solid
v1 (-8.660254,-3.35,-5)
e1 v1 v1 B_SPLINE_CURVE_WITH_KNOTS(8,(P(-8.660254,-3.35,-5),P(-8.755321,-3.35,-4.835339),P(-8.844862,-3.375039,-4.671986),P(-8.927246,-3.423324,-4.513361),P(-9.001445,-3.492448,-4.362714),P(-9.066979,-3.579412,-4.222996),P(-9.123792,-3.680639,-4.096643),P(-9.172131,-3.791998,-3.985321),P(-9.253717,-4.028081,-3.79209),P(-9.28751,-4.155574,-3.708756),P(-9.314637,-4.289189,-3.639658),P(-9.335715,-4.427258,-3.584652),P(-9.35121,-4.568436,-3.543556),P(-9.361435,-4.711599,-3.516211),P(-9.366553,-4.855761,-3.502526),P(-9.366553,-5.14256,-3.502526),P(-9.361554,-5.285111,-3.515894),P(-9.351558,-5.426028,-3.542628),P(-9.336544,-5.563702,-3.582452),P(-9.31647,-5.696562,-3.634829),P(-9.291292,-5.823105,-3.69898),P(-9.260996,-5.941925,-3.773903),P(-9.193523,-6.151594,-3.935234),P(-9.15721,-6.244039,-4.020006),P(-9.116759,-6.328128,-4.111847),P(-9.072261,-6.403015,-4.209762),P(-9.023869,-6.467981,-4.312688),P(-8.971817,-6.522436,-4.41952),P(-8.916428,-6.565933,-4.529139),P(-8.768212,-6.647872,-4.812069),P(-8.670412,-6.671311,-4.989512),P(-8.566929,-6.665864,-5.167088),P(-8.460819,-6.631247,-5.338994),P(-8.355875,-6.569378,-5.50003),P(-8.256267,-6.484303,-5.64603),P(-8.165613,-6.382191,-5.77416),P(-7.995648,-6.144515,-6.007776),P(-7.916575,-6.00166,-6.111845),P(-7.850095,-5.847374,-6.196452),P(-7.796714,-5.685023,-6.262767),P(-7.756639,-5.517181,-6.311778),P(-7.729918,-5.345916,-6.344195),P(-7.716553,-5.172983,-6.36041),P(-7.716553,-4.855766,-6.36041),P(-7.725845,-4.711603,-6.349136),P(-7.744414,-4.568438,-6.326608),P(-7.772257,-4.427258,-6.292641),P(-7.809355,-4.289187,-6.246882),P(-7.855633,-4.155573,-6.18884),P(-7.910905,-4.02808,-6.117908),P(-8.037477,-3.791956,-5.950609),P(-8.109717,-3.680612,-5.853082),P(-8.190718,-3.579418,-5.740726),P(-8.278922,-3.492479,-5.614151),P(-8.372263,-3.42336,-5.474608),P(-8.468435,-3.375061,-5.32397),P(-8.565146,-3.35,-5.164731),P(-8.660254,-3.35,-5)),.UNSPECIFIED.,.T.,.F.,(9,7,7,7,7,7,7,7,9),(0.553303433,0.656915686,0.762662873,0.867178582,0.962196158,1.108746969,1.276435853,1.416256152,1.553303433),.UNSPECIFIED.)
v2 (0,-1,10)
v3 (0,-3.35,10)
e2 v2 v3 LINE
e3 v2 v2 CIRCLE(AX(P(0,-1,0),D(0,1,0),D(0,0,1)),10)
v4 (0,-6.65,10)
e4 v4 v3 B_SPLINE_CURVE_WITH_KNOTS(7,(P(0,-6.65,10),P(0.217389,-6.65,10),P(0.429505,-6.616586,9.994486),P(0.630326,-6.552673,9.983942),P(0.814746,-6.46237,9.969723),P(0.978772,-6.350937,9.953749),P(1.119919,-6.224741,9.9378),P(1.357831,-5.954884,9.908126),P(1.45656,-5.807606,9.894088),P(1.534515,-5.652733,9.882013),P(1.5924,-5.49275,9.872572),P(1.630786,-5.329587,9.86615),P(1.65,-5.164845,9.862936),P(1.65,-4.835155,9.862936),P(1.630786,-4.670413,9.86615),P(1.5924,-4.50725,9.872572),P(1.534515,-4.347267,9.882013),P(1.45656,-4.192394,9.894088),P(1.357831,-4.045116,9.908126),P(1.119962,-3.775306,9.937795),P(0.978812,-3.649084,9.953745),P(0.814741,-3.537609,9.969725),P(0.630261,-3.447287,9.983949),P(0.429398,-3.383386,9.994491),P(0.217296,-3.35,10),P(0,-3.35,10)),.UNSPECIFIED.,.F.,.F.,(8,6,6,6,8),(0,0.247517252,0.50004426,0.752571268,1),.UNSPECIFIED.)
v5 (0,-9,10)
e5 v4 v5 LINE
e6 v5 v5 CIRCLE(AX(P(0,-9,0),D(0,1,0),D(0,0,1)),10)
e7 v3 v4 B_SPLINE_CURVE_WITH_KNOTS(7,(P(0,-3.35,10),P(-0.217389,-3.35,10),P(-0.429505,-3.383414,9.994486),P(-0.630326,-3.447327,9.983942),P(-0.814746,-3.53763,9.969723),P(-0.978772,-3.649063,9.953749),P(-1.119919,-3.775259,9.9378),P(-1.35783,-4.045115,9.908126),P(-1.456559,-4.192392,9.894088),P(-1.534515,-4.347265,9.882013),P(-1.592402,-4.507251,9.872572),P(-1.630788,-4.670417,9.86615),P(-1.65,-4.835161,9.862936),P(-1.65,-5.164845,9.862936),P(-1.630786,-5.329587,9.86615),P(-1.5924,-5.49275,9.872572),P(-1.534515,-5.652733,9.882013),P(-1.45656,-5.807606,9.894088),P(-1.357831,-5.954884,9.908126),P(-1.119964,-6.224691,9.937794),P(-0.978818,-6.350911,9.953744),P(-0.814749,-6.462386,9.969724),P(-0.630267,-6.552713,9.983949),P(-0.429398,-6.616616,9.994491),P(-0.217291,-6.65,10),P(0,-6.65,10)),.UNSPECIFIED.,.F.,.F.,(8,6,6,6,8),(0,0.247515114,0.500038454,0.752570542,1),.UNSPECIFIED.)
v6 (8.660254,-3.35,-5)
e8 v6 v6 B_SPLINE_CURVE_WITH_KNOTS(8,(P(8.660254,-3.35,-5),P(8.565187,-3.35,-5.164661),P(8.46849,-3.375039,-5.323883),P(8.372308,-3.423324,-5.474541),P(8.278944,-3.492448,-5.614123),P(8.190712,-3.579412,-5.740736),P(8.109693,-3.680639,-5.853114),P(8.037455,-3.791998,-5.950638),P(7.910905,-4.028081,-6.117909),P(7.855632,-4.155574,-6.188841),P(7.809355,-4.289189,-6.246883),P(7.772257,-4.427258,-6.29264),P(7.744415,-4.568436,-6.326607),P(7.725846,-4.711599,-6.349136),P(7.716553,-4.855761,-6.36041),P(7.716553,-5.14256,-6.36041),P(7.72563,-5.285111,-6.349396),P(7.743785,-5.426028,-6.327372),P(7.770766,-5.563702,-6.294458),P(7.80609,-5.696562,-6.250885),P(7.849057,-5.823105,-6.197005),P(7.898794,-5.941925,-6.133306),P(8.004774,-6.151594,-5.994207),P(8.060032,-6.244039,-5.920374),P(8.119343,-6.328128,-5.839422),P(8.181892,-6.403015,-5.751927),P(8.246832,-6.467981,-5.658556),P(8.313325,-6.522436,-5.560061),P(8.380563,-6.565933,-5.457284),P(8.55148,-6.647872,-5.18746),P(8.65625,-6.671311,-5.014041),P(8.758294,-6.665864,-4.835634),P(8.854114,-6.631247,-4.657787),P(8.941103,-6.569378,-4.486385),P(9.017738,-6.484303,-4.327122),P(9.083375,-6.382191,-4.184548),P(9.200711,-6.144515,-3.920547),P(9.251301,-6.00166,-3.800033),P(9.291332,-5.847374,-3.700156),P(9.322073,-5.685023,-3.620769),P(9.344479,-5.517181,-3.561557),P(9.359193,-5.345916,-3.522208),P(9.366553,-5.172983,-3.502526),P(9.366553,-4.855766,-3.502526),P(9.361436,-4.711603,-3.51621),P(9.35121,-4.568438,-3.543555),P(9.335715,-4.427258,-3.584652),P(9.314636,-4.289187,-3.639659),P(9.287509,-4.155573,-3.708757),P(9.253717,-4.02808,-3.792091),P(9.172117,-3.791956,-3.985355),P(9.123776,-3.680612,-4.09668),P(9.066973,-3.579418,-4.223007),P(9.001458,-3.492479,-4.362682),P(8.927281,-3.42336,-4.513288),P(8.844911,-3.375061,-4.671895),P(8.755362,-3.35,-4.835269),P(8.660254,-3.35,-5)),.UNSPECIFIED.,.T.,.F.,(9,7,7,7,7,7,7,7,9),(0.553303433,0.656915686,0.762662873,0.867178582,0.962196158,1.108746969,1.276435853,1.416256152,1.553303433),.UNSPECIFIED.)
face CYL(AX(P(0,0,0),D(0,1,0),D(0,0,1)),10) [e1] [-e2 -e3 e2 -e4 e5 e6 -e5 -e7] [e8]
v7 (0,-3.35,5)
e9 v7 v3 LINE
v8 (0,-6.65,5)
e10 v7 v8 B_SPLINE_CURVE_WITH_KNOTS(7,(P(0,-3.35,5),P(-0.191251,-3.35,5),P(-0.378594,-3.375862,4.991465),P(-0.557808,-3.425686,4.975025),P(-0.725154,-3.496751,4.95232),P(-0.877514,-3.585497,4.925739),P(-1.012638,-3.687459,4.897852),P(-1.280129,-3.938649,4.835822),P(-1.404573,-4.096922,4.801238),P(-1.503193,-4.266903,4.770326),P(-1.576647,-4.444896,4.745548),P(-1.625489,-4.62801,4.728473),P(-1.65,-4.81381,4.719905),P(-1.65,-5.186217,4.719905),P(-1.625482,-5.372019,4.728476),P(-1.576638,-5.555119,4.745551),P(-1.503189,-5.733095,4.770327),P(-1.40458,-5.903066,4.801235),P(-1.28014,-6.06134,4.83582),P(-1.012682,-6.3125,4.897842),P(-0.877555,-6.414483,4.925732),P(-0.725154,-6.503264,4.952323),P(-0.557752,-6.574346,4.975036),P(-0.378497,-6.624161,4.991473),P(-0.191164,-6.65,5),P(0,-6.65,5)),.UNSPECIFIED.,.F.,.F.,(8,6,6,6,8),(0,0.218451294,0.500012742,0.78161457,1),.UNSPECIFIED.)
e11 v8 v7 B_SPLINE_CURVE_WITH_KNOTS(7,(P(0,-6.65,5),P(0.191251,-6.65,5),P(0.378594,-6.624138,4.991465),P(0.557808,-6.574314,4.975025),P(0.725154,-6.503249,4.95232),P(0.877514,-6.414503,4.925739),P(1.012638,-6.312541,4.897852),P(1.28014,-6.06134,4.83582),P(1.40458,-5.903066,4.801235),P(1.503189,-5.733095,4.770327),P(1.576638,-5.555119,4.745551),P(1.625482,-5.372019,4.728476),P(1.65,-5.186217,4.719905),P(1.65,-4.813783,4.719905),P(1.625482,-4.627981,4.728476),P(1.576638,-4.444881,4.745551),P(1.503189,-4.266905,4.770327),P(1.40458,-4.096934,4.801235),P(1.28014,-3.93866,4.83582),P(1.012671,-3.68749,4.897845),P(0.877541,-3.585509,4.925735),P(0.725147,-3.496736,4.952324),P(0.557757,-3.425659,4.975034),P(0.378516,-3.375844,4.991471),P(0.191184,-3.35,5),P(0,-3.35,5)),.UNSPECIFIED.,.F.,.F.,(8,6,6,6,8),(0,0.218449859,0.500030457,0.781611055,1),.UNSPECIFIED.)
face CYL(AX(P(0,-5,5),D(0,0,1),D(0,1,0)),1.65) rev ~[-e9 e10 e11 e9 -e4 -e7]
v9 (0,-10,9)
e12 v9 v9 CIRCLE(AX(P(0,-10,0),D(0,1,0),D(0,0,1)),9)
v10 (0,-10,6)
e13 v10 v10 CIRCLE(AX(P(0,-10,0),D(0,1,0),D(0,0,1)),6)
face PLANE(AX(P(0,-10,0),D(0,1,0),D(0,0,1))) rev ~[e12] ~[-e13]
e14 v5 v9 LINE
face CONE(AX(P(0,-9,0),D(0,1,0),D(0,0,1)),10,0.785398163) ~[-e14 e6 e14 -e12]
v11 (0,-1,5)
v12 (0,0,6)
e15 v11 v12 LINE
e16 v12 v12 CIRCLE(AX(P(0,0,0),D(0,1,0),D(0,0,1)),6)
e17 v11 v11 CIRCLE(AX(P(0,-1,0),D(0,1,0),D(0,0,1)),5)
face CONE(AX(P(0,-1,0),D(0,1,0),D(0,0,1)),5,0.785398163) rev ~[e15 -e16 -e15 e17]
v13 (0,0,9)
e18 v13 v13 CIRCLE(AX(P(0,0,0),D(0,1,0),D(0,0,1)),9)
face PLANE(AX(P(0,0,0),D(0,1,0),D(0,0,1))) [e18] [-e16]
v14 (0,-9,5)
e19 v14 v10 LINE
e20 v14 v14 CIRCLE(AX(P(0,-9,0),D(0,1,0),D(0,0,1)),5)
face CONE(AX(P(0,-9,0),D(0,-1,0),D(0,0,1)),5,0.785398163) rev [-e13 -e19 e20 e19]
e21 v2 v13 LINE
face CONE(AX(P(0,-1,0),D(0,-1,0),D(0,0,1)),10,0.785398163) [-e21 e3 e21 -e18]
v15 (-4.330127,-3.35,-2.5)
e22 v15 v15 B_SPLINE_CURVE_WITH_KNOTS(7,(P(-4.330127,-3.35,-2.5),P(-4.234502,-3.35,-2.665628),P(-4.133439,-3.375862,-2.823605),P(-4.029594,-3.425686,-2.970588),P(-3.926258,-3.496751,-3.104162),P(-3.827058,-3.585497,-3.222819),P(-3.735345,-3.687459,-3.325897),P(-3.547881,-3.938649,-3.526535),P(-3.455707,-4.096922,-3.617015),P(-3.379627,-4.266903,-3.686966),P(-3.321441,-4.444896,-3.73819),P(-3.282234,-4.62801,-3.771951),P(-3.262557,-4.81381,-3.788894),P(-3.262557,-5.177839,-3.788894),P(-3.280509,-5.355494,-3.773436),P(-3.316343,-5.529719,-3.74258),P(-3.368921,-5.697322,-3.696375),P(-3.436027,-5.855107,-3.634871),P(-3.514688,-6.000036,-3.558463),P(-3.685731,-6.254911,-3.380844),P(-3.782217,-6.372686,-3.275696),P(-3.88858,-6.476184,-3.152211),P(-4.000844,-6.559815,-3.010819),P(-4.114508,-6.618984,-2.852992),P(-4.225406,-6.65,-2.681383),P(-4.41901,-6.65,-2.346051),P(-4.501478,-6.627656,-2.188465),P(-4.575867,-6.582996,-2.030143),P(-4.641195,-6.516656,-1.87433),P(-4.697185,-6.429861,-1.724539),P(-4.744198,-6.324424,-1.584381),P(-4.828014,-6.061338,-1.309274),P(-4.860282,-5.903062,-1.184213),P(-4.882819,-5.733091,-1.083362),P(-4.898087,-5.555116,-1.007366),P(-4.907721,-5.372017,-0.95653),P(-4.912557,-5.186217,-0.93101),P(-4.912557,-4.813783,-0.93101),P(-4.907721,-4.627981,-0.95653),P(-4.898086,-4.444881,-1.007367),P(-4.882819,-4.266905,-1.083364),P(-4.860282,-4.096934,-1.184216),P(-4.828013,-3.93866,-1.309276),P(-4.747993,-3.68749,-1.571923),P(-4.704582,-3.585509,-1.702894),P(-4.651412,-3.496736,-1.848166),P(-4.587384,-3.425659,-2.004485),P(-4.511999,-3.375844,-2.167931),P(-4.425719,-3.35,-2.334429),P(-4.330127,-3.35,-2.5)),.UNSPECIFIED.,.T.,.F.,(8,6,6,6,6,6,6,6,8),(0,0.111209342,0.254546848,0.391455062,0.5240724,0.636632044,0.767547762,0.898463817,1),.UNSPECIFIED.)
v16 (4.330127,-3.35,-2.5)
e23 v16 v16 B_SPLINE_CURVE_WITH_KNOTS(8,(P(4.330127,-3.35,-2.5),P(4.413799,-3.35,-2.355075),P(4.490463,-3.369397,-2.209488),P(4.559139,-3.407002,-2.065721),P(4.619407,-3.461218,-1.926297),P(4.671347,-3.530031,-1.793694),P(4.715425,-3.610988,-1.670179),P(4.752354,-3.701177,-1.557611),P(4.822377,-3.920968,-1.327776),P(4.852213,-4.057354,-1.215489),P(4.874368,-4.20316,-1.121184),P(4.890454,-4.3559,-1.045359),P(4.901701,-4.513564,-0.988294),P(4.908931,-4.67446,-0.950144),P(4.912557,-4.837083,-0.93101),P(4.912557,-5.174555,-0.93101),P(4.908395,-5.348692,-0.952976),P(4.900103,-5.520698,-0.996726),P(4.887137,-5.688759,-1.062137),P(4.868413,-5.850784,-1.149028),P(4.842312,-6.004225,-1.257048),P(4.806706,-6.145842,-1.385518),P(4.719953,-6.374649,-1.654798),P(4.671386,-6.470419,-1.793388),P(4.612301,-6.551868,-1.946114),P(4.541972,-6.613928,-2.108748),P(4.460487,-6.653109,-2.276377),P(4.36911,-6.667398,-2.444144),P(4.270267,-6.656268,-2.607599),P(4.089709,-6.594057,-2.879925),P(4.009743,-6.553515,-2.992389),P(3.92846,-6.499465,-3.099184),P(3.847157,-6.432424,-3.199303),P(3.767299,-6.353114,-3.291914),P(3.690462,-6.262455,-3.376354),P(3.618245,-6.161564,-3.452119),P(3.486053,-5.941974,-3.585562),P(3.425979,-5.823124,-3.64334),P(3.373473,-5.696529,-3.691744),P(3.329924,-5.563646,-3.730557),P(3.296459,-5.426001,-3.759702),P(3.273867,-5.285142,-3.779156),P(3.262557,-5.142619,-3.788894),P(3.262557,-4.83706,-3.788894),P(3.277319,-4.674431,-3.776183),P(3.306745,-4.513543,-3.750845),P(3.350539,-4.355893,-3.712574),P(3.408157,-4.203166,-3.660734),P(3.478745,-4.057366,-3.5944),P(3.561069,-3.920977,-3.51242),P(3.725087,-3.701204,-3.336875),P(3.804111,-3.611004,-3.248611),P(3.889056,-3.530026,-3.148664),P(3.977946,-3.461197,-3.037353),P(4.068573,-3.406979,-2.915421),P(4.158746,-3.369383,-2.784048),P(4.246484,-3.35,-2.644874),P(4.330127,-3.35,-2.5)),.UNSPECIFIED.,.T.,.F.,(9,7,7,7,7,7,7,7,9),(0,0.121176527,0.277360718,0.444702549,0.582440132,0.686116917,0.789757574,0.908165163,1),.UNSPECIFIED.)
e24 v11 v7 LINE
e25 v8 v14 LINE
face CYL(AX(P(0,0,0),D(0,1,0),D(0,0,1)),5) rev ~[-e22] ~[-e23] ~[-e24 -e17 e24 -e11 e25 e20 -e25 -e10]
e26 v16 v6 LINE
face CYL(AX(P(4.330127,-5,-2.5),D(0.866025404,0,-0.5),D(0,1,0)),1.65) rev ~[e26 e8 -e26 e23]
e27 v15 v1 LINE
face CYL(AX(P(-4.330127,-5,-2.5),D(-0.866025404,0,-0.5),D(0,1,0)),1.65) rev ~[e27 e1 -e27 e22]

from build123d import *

# Parameters (mm, degrees)
SKETCH1_R           = 10
SKETCH1_R_2         = 5
BOSS_EXTRUDE1_DEPTH = 10
CHAMFER1_SIZE       = 1
SKETCH3_W           = 1.65
SKETCH3_H           = 10
CIRPATTERN1_COUNT   = 3


with BuildPart() as part:
    # Sketch1 → Boss-Extrude1 (new body)
    with BuildSketch(Plane(origin=(0, 0, 0), x_dir=(1, 0, 0), z_dir=(0, 1, 0))):
        with Locations(Location((0, 0, 0), (0, 0, 270))):
            Circle(SKETCH1_R)
        with Locations(Location((0, 0, 0), (0, 0, 270))):
            Circle(SKETCH1_R_2, mode=Mode.SUBTRACT)
    extrude(amount=-BOSS_EXTRUDE1_DEPTH)

    # Chamfer1
    chamfer1_edges = [part.edges().sort_by_distance(p)[0] for p in [
        (0, 0, -10),
        (0, -10, -10),
        (0, -10, -5),
        (0, 0, -5),
    ]]
    chamfer(chamfer1_edges, length=CHAMFER1_SIZE)

    # Sketch3 → M4 Tapped Hole1 (revolve, cut)
    with BuildSketch(Plane(origin=(0, -5, 0), x_dir=(0, 1, 0), z_dir=(1, 0, 0))):
        with Locations((0.825, 5)):
            Rectangle(SKETCH3_W, SKETCH3_H)
    m4_tapped_hole1 = revolve(axis=Axis((0, -5, -6.35), (0, 0, 1)), mode=Mode.SUBTRACT)

    # CirPattern1: M4 Tapped Hole1 ×3 about axis
    cirpattern1_axis = Axis((0, -1, 0), (0, 1, 0))
    for i in range(1, CIRPATTERN1_COUNT):
        add(m4_tapped_hole1.rotate(cirpattern1_axis, i * 360 / CIRPATTERN1_COUNT), mode=Mode.SUBTRACT)


solid = part.part
